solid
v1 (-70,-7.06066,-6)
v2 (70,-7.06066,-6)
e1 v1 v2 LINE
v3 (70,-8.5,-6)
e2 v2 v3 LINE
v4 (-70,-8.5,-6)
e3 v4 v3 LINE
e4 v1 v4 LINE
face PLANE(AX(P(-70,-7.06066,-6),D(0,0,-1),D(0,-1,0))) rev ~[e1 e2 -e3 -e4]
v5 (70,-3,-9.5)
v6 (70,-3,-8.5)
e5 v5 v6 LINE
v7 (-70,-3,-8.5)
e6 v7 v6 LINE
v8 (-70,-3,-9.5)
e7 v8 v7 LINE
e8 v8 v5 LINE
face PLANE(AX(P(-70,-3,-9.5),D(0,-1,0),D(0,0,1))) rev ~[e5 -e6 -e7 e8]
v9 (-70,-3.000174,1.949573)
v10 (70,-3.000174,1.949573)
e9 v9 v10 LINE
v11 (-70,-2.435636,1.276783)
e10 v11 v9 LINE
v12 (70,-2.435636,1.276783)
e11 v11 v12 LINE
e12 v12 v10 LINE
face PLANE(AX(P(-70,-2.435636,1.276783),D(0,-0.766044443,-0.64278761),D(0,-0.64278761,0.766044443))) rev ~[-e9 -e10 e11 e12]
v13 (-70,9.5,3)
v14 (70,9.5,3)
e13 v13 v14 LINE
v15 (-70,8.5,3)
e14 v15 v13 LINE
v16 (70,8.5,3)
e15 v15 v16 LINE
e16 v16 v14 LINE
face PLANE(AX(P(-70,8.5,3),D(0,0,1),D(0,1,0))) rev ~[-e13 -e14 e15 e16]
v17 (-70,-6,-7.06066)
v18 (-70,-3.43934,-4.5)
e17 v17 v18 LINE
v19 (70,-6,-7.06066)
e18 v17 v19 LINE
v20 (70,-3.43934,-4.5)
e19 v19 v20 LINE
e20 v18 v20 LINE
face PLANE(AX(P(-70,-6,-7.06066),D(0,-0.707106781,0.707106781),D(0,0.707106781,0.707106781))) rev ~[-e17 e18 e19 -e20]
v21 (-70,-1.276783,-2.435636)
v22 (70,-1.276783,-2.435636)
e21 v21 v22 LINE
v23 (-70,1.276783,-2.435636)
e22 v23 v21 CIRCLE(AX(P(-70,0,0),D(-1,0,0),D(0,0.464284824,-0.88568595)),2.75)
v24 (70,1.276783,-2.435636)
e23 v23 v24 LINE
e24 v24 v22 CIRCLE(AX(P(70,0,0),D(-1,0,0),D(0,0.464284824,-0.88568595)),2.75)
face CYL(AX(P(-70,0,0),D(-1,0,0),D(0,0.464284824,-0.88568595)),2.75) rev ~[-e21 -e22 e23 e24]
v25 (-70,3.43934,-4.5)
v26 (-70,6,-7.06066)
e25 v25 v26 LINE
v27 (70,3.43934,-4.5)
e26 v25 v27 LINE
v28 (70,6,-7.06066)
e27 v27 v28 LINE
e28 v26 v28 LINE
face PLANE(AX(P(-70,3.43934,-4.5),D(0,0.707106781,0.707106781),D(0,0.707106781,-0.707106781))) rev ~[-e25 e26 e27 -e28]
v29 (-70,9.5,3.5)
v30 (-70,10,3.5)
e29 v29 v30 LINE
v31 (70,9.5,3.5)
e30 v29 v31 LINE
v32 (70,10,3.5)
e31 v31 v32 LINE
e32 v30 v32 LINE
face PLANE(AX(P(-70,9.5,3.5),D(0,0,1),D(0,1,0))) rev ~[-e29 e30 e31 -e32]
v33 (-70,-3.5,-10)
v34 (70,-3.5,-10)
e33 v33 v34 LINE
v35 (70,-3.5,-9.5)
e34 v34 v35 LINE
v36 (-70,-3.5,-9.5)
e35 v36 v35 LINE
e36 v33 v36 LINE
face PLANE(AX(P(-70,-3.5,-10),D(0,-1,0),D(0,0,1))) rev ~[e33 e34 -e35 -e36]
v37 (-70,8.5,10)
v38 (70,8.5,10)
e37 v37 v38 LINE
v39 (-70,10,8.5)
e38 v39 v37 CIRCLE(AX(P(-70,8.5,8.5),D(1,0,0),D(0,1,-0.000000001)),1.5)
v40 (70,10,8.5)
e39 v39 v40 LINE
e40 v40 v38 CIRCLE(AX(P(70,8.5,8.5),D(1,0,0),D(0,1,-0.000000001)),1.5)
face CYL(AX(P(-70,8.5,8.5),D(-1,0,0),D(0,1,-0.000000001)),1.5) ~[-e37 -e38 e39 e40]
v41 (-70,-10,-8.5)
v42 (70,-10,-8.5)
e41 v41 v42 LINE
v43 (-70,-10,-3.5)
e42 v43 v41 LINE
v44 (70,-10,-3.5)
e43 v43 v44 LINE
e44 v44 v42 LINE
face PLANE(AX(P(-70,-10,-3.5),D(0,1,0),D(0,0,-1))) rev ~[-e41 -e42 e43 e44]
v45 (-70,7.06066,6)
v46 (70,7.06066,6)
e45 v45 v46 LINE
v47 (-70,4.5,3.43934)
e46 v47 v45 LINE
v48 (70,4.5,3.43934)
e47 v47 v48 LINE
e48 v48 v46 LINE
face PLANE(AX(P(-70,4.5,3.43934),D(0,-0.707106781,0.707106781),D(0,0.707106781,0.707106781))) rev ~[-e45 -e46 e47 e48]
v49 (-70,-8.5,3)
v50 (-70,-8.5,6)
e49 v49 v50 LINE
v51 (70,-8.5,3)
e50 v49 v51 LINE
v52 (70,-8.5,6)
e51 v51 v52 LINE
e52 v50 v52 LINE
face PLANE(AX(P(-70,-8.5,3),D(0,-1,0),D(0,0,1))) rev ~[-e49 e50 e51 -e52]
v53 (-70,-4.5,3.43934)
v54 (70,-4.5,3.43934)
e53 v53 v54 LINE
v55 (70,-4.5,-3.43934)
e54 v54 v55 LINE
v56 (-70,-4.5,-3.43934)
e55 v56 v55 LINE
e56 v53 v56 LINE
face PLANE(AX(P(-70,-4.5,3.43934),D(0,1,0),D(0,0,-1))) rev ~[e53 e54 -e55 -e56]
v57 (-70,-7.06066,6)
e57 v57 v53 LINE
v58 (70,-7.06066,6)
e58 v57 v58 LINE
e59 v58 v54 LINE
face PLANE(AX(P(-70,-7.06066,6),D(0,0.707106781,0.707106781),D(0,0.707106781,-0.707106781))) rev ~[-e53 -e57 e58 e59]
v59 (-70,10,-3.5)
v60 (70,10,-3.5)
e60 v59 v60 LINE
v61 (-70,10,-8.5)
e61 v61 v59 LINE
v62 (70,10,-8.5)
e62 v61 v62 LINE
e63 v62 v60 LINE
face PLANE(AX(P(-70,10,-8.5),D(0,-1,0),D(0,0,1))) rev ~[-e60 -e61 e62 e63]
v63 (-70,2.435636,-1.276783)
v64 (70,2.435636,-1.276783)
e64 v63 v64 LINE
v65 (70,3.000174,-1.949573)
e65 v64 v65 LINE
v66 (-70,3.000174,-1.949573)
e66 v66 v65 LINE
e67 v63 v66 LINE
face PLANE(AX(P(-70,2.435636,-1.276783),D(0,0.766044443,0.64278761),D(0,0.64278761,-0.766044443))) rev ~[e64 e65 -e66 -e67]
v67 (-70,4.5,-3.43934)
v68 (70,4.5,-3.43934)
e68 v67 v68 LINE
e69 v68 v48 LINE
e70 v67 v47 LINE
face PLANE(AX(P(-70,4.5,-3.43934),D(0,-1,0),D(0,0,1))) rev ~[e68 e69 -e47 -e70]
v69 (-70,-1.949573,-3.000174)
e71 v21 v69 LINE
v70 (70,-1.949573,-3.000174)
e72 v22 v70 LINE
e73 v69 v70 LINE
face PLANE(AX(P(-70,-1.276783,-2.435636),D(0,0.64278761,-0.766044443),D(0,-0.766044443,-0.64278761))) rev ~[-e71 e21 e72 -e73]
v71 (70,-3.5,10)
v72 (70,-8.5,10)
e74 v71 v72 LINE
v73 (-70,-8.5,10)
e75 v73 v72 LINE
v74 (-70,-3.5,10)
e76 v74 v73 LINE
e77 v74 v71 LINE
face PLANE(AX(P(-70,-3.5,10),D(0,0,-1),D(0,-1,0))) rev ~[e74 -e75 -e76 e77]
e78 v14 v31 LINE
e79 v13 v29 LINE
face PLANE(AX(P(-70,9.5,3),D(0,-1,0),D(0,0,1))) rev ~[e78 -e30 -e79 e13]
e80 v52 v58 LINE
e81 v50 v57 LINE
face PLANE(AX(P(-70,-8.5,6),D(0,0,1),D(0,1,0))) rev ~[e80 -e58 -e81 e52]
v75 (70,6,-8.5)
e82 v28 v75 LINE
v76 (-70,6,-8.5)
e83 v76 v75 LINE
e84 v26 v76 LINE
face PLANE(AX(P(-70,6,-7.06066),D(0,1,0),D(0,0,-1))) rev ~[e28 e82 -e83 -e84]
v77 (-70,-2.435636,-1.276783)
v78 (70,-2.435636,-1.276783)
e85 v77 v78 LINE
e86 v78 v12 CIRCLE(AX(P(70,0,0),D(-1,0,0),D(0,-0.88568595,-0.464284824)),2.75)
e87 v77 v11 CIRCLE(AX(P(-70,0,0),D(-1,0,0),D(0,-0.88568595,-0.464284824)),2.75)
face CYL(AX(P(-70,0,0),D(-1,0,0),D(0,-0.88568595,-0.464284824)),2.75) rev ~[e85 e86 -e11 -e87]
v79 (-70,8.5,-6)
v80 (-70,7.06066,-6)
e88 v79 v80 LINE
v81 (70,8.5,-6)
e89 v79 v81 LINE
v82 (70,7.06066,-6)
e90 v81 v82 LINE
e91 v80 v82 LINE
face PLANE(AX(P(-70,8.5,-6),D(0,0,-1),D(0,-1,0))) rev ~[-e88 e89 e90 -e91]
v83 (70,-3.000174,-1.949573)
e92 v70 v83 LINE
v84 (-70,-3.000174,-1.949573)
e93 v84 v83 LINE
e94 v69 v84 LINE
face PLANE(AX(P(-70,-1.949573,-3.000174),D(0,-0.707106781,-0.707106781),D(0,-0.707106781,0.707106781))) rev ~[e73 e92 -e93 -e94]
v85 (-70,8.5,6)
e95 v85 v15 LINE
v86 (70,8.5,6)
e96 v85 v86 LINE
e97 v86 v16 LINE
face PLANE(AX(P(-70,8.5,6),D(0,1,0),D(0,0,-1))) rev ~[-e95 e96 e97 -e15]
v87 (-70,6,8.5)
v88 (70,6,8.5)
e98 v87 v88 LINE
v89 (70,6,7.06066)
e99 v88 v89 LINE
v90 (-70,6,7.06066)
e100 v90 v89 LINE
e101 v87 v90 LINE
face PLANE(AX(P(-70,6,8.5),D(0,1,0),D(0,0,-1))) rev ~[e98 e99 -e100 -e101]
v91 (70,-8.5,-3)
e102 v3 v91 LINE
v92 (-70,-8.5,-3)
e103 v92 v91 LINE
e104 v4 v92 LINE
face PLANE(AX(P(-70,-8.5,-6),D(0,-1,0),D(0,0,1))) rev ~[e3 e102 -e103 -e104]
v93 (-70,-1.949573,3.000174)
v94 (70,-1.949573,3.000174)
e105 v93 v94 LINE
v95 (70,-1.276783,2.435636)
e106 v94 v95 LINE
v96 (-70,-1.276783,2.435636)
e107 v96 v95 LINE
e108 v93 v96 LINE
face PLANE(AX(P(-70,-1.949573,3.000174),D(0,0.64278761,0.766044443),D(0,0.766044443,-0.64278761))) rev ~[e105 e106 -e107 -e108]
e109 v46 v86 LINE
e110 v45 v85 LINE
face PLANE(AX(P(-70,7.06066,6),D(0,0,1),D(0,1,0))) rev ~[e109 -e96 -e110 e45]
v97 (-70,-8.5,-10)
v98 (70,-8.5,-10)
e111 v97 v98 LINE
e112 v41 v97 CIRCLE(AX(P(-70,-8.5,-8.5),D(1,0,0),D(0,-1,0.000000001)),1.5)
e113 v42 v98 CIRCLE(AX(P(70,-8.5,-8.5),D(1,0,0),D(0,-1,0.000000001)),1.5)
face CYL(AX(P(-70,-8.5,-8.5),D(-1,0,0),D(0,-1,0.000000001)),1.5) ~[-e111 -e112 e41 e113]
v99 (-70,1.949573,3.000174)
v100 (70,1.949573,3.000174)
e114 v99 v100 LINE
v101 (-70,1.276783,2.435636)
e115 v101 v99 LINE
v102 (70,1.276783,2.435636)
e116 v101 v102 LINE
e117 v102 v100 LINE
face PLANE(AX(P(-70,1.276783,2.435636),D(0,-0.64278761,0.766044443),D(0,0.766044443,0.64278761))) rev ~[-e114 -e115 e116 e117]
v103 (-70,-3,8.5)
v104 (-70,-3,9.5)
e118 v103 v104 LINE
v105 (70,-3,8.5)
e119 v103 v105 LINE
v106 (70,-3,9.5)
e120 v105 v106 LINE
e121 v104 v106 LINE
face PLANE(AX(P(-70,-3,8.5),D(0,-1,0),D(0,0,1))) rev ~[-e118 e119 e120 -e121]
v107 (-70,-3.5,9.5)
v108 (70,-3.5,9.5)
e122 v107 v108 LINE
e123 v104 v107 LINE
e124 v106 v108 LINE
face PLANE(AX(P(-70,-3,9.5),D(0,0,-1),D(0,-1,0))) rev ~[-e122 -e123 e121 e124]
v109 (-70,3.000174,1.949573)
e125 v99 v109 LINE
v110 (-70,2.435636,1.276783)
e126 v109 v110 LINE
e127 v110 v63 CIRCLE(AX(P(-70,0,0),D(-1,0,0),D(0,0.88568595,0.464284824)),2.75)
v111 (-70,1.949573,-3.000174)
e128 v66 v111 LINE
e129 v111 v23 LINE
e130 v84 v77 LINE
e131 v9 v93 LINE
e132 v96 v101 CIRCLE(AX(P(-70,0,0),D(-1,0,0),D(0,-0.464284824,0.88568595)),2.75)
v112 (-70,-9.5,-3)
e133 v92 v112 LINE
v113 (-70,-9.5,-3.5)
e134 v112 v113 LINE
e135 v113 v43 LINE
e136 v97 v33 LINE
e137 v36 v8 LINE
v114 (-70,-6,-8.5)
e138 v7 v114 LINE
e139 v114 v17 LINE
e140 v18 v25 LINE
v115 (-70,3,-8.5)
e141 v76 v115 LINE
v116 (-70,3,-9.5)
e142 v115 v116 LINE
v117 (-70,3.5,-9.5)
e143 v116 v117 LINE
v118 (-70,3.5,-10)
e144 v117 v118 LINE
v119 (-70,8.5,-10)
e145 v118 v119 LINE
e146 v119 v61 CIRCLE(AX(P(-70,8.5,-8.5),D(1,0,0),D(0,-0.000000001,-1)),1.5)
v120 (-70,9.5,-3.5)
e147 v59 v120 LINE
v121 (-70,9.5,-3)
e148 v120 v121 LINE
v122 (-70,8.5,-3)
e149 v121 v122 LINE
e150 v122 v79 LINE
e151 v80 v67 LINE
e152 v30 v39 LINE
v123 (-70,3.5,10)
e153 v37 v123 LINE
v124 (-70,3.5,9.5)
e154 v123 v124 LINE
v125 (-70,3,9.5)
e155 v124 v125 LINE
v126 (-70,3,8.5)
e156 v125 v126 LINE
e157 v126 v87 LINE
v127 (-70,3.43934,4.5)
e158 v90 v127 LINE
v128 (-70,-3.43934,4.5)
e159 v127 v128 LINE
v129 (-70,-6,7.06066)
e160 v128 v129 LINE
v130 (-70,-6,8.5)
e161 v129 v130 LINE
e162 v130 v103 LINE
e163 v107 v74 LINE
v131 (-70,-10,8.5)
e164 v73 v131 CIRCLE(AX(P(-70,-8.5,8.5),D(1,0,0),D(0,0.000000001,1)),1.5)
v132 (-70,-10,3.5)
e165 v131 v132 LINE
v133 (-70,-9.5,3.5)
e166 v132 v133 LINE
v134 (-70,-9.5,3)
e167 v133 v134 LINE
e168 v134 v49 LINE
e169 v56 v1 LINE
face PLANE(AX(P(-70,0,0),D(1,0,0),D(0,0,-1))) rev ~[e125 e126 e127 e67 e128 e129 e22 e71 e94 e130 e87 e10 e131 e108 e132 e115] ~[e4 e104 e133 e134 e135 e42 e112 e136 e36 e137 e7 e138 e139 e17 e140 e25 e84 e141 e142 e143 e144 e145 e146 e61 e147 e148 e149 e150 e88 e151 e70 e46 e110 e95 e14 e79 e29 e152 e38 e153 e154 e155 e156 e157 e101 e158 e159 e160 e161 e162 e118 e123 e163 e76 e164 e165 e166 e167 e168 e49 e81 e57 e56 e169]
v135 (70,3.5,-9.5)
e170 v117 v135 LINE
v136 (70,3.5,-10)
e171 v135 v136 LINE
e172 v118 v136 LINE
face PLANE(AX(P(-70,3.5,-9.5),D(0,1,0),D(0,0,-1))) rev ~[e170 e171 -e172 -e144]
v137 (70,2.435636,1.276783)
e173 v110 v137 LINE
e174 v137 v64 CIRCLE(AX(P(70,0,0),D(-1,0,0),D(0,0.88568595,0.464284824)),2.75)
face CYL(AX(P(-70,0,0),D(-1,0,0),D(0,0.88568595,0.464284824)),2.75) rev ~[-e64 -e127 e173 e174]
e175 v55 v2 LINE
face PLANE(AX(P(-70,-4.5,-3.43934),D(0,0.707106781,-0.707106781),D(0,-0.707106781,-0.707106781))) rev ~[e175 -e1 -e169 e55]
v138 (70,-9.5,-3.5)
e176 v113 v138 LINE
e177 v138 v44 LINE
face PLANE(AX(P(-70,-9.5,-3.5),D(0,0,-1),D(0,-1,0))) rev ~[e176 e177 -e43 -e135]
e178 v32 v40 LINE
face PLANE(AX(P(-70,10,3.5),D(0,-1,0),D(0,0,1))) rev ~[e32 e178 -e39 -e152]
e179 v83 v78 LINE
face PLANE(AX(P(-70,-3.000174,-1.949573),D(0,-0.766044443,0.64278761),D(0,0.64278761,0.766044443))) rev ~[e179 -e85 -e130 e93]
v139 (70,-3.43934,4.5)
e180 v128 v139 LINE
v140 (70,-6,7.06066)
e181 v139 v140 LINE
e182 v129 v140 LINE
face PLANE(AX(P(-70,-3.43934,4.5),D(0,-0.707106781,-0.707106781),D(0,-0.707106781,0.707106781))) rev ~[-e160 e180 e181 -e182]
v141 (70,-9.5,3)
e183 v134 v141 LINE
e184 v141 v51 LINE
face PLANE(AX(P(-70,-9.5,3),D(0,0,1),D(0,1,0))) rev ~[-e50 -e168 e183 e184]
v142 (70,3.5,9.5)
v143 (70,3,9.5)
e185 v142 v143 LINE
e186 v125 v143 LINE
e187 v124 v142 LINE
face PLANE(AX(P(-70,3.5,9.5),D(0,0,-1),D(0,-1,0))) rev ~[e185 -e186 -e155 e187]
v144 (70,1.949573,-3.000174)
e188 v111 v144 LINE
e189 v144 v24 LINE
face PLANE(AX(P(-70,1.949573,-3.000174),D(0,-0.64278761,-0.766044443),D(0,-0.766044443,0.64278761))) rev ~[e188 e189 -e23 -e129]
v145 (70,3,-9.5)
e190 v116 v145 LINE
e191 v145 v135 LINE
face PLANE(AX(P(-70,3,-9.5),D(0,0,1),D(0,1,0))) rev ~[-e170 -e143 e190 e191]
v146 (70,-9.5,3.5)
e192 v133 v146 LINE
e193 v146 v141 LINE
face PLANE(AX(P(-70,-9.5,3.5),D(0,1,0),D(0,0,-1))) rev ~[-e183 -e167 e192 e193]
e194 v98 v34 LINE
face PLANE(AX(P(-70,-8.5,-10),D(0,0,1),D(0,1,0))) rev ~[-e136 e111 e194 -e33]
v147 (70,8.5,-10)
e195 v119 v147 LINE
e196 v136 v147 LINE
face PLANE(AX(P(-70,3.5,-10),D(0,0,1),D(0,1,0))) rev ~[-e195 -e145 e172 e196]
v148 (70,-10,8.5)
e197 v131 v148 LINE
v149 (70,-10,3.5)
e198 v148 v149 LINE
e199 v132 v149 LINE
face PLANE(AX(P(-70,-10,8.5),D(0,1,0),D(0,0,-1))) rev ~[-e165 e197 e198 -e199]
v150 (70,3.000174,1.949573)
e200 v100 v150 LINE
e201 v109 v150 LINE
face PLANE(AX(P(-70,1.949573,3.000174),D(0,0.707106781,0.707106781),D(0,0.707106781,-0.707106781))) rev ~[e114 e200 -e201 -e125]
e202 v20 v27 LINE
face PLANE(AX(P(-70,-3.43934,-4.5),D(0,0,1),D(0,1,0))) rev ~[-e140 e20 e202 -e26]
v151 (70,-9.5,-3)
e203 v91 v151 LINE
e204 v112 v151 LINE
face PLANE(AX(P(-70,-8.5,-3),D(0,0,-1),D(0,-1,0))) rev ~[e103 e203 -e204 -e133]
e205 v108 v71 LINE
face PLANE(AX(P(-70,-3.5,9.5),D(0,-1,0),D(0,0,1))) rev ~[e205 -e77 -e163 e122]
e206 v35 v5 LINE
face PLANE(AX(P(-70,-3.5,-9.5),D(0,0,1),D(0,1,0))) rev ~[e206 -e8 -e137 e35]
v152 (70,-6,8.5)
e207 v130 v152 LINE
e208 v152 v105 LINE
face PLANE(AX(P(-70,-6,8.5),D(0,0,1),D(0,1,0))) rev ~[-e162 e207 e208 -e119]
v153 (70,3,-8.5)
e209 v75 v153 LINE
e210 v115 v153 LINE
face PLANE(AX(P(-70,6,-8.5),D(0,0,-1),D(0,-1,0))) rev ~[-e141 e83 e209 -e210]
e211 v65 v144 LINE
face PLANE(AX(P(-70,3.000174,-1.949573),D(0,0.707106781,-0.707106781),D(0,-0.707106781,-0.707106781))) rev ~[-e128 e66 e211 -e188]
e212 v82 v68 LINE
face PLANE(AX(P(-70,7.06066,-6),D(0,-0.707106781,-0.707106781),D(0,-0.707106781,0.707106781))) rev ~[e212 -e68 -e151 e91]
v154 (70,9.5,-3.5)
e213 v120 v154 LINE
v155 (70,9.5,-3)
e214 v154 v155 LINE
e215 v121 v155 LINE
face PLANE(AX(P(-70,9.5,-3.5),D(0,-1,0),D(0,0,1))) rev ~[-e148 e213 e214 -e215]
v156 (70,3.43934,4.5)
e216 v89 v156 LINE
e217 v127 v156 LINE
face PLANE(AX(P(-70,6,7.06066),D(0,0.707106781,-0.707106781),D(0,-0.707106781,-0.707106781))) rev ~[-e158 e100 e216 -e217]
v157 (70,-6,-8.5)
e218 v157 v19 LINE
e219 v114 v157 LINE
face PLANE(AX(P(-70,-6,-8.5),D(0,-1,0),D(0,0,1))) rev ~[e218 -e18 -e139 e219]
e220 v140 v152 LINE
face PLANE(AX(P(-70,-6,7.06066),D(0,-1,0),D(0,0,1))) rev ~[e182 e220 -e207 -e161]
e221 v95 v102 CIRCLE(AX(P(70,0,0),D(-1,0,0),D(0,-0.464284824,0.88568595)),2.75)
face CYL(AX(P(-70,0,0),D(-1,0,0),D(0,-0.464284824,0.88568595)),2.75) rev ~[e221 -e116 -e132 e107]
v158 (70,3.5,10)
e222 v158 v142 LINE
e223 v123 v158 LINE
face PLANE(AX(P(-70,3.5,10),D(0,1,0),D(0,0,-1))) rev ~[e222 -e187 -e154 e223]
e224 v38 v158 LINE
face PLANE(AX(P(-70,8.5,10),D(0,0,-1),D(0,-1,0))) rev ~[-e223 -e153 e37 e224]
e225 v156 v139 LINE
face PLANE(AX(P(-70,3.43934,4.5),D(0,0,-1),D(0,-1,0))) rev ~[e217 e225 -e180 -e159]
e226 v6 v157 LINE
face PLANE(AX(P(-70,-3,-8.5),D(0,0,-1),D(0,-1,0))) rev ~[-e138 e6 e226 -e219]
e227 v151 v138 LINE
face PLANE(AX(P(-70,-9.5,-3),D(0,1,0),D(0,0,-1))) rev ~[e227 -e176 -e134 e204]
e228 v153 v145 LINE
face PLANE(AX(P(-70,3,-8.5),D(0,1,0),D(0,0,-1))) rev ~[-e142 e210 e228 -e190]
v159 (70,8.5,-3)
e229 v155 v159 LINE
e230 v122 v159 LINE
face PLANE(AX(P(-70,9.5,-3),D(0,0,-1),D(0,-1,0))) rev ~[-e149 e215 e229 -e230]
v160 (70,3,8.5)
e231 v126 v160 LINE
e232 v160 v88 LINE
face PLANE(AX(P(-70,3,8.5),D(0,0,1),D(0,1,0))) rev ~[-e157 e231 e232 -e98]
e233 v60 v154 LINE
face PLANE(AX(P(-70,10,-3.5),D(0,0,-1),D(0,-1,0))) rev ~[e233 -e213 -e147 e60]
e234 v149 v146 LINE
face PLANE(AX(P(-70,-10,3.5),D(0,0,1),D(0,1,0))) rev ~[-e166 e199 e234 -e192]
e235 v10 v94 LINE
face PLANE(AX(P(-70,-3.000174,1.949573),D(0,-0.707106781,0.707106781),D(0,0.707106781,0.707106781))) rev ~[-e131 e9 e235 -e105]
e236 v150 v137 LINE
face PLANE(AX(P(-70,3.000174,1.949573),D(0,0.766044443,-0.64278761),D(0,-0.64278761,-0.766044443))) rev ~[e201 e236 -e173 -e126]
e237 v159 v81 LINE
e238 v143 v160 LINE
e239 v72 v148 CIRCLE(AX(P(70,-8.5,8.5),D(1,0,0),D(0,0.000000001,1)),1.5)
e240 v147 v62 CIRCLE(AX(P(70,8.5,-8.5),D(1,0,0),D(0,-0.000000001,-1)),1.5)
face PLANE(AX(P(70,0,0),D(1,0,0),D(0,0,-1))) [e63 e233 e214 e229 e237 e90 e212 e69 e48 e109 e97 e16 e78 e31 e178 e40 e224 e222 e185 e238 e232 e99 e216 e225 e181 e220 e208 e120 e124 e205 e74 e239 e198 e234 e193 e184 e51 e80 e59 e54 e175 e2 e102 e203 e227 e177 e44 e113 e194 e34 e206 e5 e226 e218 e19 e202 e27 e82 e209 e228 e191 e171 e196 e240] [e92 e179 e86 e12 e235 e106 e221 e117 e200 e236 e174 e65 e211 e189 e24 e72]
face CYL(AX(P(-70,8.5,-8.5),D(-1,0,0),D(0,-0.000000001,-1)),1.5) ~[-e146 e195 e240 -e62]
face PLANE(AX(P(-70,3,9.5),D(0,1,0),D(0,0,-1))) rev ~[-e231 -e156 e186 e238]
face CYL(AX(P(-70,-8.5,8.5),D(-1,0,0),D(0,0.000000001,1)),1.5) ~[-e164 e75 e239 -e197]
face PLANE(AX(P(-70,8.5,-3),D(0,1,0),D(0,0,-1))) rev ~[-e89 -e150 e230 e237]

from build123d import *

# Parameters (mm, degrees)
BR_EXTRUDE_DEPTH      = 70
BR_EXTRUDE_DEPTH_BACK = 70


with BuildPart() as part:
    # Sketch2 → BR_Extrude (new, two sides: drawn at the far end of the back side and taken through both)
    with BuildSketch(Plane(origin=(0, 0, 0), x_dir=(0, 0, -1), z_dir=(1, 0, 0)).offset(-BR_EXTRUDE_DEPTH_BACK)):
        with BuildLine():
            Line((-7.060660172, -6), (-8.5, -6))
            Line((-8.5, -6), (-8.5, -3))
            Line((-8.5, -3), (-9.5, -3))
            Line((-9.5, -3), (-9.5, -3.5))
            Line((-9.5, -3.5), (-10, -3.5))
            Line((-10, -3.5), (-10, -8.5))
            ThreePointArc((-10, -8.5), (-9.560660172, -9.560660172), (-8.5, -10))
            Line((-8.5, -10), (-3.5, -10))
            Line((-3.5, -10), (-3.5, -9.5))
            Line((-3.5, -9.5), (-3, -9.5))
            Line((-3, -9.5), (-3, -8.5))
            Line((-3, -8.5), (-6, -8.5))
            Line((-6, -8.5), (-6, -7.060660172))
            Line((-6, -7.060660172), (-3.439339828, -4.5))
            Line((-3.439339828, -4.5), (3.439339828, -4.5))
            Line((3.439339828, -4.5), (6, -7.060660172))
            Line((6, -7.060660172), (6, -8.5))
            Line((6, -8.5), (3, -8.5))
            Line((3, -8.5), (3, -9.5))
            Line((3, -9.5), (3.5, -9.5))
            Line((3.5, -9.5), (3.5, -10))
            Line((3.5, -10), (8.5, -10))
            ThreePointArc((8.5, -10), (9.560660172, -9.560660172), (10, -8.5))
            Line((10, -8.5), (10, -3.5))
            Line((10, -3.5), (9.5, -3.5))
            Line((9.5, -3.5), (9.5, -3))
            Line((9.5, -3), (8.5, -3))
            Line((8.5, -3), (8.5, -6))
            Line((8.5, -6), (7.060660172, -6))
            Line((7.060660172, -6), (4.5, -3.439339828))
            Line((4.5, -3.439339828), (4.5, 3.439339828))
            Line((4.5, 3.439339828), (7.060660172, 6))
            Line((7.060660172, 6), (8.5, 6))
            Line((8.5, 6), (8.5, 3))
            Line((8.5, 3), (9.5, 3))
            Line((9.5, 3), (9.5, 3.5))
            Line((9.5, 3.5), (10, 3.5))
            Line((10, 3.5), (10, 8.5))
            ThreePointArc((10, 8.5), (9.560660172, 9.560660172), (8.5, 10))
            Line((8.5, 10), (3.5, 10))
            Line((3.5, 10), (3.5, 9.5))
            Line((3.5, 9.5), (3, 9.5))
            Line((3, 9.5), (3, 8.5))
            Line((3, 8.5), (6, 8.5))
            Line((6, 8.5), (6, 7.060660172))
            Line((6, 7.060660172), (3.439339828, 4.5))
            Line((3.439339828, 4.5), (-3.439339828, 4.5))
            Line((-3.439339828, 4.5), (-6, 7.060660172))
            Line((-6, 7.060660172), (-6, 8.5))
            Line((-6, 8.5), (-3, 8.5))
            Line((-3, 8.5), (-3, 9.5))
            Line((-3, 9.5), (-3.5, 9.5))
            Line((-3.5, 9.5), (-3.5, 10))
            Line((-3.5, 10), (-8.5, 10))
            ThreePointArc((-8.5, 10), (-9.560660172, 9.560660172), (-10, 8.5))
            Line((-10, 8.5), (-10, 3.5))
            Line((-10, 3.5), (-9.5, 3.5))
            Line((-9.5, 3.5), (-9.5, 3))
            Line((-9.5, 3), (-8.5, 3))
            Line((-8.5, 3), (-8.5, 6))
            Line((-8.5, 6), (-7.060660172, 6))
            Line((-7.060660172, 6), (-4.5, 3.439339828))
            Line((-4.5, 3.439339828), (-4.5, -3.439339828))
            Line((-4.5, -3.439339828), (-7.060660172, -6))
        make_face()
        with BuildLine():
            Line((-3.000174203, -1.949573265), (-2.435636363, -1.276783266))
            ThreePointArc((-2.435636363, -1.276783266), (-2.75, 0), (-2.435636363, 1.276783266))
            Line((-2.435636363, 1.276783266), (-3.000174203, 1.949573265))
            Line((-3.000174203, 1.949573265), (-1.949573265, 3.000174203))
            Line((-1.949573265, 3.000174203), (-1.276783266, 2.435636363))
            ThreePointArc((-1.276783266, 2.435636363), (0, 2.75), (1.276783266, 2.435636363))
            Line((1.276783266, 2.435636363), (1.949573265, 3.000174203))
            Line((1.949573265, 3.000174203), (3.000174203, 1.949573265))
            Line((3.000174203, 1.949573265), (2.435636363, 1.276783266))
            ThreePointArc((2.435636363, 1.276783266), (2.75, 0), (2.435636363, -1.276783266))
            Line((2.435636363, -1.276783266), (3.000174203, -1.949573265))
            Line((3.000174203, -1.949573265), (1.949573265, -3.000174203))
            Line((1.949573265, -3.000174203), (1.276783266, -2.435636363))
            ThreePointArc((1.276783266, -2.435636363), (0, -2.75), (-1.276783266, -2.435636363))
            Line((-1.276783266, -2.435636363), (-1.949573265, -3.000174203))
            Line((-1.949573265, -3.000174203), (-3.000174203, -1.949573265))
        make_face(mode=Mode.SUBTRACT)
    extrude(amount=BR_EXTRUDE_DEPTH + BR_EXTRUDE_DEPTH_BACK)


solid = part.part
